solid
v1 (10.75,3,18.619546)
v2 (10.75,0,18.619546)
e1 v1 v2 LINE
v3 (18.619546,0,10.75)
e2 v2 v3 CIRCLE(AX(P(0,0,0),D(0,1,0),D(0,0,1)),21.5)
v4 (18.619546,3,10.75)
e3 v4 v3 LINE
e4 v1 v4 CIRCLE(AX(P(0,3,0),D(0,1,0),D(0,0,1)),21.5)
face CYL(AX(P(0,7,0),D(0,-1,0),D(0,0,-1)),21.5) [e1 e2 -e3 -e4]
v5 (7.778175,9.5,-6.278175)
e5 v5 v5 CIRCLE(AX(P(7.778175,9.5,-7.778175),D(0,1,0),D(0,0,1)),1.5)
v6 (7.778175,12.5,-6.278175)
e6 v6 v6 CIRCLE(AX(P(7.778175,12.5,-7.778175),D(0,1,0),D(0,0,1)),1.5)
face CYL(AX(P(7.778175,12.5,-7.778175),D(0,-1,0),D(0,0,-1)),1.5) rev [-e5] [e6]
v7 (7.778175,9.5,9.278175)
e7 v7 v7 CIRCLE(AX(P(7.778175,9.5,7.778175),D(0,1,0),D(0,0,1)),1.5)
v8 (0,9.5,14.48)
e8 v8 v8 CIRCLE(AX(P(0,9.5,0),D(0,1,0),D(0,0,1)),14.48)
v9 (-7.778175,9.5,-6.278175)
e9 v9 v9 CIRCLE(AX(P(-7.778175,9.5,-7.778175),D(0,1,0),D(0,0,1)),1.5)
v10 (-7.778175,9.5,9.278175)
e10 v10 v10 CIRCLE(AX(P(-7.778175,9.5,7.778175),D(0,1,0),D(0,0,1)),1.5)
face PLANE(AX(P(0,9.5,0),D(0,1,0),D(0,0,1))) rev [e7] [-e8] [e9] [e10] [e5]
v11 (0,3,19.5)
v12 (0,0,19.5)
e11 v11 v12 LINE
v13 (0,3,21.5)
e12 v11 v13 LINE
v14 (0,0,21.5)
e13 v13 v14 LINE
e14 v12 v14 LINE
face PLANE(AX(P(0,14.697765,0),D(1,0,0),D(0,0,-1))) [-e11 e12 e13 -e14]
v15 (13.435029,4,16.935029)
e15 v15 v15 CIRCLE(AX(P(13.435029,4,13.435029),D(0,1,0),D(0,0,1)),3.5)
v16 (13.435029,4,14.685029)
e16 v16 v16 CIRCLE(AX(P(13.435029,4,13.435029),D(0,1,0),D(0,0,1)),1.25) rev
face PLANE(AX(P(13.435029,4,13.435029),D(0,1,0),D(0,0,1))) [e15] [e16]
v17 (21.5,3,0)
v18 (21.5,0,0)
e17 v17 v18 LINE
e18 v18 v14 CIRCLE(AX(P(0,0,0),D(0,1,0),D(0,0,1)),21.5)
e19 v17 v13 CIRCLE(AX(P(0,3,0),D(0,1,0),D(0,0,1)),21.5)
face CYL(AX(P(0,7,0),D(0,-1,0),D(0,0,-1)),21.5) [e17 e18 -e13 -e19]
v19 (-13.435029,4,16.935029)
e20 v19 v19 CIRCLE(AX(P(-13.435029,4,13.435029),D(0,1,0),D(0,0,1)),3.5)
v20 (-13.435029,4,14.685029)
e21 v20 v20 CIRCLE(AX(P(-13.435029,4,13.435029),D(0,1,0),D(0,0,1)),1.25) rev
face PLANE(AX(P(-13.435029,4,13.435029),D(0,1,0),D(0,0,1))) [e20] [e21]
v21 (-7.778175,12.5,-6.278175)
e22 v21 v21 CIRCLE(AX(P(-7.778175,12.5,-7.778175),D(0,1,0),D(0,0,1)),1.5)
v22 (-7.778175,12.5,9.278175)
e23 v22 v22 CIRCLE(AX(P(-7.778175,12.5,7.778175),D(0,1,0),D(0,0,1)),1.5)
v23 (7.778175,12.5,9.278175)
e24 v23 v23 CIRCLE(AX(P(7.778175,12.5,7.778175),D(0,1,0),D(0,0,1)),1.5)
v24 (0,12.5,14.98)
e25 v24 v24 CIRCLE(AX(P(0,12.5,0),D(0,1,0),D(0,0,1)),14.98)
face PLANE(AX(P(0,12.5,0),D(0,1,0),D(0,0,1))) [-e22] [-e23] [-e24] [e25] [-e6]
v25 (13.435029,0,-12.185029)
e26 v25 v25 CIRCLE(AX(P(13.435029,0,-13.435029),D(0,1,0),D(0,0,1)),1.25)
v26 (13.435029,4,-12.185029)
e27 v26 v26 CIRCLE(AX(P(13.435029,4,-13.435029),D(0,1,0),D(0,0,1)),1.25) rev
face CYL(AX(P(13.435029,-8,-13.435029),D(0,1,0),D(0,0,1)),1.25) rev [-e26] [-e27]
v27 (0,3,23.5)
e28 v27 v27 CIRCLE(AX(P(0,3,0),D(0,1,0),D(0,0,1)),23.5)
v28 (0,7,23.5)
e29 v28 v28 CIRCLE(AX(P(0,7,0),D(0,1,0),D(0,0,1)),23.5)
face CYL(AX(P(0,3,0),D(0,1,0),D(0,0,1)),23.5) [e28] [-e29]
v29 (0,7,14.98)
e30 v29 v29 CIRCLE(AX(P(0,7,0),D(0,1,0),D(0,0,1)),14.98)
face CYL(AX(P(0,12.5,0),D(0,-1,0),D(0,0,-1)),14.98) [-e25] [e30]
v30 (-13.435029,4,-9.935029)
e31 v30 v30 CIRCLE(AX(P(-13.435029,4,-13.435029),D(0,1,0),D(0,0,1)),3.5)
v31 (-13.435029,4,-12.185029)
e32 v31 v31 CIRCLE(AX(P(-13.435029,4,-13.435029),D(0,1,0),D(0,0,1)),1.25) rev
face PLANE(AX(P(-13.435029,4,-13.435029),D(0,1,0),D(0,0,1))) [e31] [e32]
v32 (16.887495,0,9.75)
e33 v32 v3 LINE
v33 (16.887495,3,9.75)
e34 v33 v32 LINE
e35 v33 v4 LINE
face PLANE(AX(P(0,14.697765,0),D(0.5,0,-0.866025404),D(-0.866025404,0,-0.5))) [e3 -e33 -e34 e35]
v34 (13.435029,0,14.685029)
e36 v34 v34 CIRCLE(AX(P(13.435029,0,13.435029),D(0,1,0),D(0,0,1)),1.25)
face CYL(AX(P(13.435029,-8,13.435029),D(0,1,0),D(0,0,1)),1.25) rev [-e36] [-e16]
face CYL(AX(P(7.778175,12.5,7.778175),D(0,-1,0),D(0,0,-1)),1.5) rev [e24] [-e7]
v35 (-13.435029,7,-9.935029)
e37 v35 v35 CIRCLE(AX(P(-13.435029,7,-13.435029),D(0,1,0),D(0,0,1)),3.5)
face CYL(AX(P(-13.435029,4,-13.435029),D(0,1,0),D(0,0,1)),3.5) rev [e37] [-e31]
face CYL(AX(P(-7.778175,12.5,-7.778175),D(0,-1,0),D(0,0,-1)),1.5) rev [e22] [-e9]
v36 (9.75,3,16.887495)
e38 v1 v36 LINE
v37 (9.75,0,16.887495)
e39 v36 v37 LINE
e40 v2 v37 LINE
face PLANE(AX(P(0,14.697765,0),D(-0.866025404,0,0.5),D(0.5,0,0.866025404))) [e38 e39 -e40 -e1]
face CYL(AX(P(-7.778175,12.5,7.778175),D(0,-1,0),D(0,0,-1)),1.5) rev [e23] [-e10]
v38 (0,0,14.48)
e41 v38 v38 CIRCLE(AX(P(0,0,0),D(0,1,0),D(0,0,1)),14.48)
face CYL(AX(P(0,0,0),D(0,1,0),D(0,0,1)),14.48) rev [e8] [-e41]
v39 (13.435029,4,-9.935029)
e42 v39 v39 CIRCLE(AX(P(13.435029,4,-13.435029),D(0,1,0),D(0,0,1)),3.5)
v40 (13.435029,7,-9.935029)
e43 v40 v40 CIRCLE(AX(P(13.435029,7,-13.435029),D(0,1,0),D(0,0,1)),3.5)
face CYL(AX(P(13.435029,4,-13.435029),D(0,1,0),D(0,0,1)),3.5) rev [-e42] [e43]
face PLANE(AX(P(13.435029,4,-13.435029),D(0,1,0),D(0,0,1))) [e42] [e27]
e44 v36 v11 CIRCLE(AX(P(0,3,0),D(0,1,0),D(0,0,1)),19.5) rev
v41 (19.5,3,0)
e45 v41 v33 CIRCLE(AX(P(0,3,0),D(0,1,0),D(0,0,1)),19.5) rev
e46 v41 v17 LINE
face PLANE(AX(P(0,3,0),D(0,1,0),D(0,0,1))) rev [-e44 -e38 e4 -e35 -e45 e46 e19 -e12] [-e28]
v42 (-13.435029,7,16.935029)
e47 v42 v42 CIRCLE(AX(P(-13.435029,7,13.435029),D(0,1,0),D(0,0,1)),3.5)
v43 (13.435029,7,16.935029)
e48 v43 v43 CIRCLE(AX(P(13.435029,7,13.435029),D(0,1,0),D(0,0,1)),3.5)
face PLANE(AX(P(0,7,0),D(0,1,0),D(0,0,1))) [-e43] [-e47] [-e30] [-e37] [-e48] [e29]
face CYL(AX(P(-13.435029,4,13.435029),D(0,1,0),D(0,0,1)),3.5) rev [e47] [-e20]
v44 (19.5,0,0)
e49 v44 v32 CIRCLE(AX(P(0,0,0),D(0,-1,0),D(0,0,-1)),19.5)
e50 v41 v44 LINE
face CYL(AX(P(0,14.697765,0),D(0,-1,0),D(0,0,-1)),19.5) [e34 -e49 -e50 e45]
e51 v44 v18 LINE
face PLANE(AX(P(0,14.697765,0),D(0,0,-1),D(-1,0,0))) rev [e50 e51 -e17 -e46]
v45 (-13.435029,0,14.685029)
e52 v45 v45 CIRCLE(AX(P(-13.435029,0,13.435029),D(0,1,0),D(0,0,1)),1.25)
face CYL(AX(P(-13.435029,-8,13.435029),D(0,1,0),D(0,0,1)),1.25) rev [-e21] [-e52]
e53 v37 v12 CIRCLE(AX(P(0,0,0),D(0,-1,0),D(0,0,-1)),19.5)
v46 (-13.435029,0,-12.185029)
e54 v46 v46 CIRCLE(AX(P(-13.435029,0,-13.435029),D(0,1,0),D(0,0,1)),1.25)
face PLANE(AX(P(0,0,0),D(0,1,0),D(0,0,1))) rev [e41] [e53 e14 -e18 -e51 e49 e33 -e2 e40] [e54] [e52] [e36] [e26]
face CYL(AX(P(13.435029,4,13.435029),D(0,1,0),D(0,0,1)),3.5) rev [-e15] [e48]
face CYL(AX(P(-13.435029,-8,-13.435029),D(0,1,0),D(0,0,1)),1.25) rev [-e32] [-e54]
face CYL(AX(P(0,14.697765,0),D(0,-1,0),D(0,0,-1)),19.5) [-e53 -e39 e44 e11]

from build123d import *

# Parameters (mm, degrees)
SKETCH_2_R           = 21.5
EXTRUDE_1_DEPTH      = 7
SKETCH_3_R           = 23.5
EXTRUDE_2_DEPTH      = 4
SKETCH_6_R           = 1.25
SKETCH_6_R_2         = 8
CUT_EXTRUDE_1_DEPTH  = 15
SKETCH_9_R           = 14.98
SKETCH_9_R_2         = 14.02
EXTRUDE_3_DEPTH      = 5.5
SKETCH_7_R           = 3.5
CUT_EXTRUDE_3_DEPTH  = 3
SKETCH_10_R          = 1.25
CUT_EXTRUDE_4_DEPTH  = 22
CUT_EXTRUDE_5_DEPTH  = 3
SKETCH_12_R          = 14.02
SKETCH_12_R_2        = 1.5
EXTRUDE_4_DEPTH      = 5.5
CUT_EXTRUDE_START    = -3
SKETCH_13_R          = 14.48
CUT_EXTRUDE_10_DEPTH = 33.507041555


with BuildPart() as part:
    # 草图2 → 凸台-拉伸1 (new body)
    with BuildSketch(Plane(origin=(0, 0, 0), x_dir=(1, 0, 0), z_dir=(0, 1, 0))):
        with Locations(Location((0, 0, 0), (0, 0, 270))):
            Circle(SKETCH_2_R)
    extrude(amount=EXTRUDE_1_DEPTH)

    # 草图3 → 凸台-拉伸2 (add)
    with BuildSketch(Plane(origin=(0, 7, 0), x_dir=(1, 0, 0), z_dir=(0, 1, 0))):
        with Locations(Location((0, 0, 0), (0, 0, 270))):
            Circle(SKETCH_3_R)
    extrude(amount=-EXTRUDE_2_DEPTH)

    # 草图6 → 切除-拉伸1 (cut)
    with BuildSketch(Plane(origin=(0, 7, 0), x_dir=(1, 0, 0), z_dir=(0, 1, 0))):
        with Locations(Location((13.435028843, 13.435028843, 0), (0, 0, 270))):
            Circle(SKETCH_6_R)
        with Locations(Location((13.435028843, -13.435028843, 0), (0, 0, 270))):
            Circle(SKETCH_6_R)
        with Locations(Location((-13.435028843, -13.435028843, 0), (0, 0, 270))):
            Circle(SKETCH_6_R)
        with Locations(Location((-13.435028843, 13.435028843, 0), (0, 0, 270))):
            Circle(SKETCH_6_R)
        with Locations(Location((0, 0, 0), (0, 0, 270))):
            Circle(SKETCH_6_R_2)
    extrude(amount=-CUT_EXTRUDE_1_DEPTH, mode=Mode.SUBTRACT)

    # 草图9 → 凸台-拉伸3 (add)
    with BuildSketch(Plane(origin=(0, 7, 0), x_dir=(1, 0, 0), z_dir=(0, 1, 0))):
        with Locations(Location((0, 0, 0), (0, 0, 270))):
            Circle(SKETCH_9_R)
        with Locations(Location((0, 0, 0), (0, 0, 270))):
            Circle(SKETCH_9_R_2, mode=Mode.SUBTRACT)
    extrude(amount=EXTRUDE_3_DEPTH)

    # 草图7 → 切除-拉伸3 (cut)
    with BuildSketch(Plane(origin=(0, 7, 0), x_dir=(1, 0, 0), z_dir=(0, 1, 0))):
        with Locations(Location((-13.435028843, 13.435028843, 0), (0, 0, 270))):
            Circle(SKETCH_7_R)
        with Locations(Location((13.435028843, 13.435028843, 0), (0, 0, 270))):
            Circle(SKETCH_7_R)
        with Locations(Location((13.435028843, -13.435028843, 0), (0, 0, 270))):
            Circle(SKETCH_7_R)
        with Locations(Location((-13.435028843, -13.435028843, 0), (0, 0, 270))):
            Circle(SKETCH_7_R)
    extrude(amount=-CUT_EXTRUDE_3_DEPTH, mode=Mode.SUBTRACT)

    # 草图10 → 切除-拉伸4 (cut)
    with BuildSketch(Plane(origin=(0, 7, 0), x_dir=(1, 0, 0), z_dir=(0, 1, 0))):
        with Locations(Location((7.778174593, 7.778174593, 0), (0, 0, 270))):
            Circle(SKETCH_10_R)
        with Locations(Location((7.778174593, -7.778174593, 0), (0, 0, 270))):
            Circle(SKETCH_10_R)
        with Locations(Location((-7.778174593, -7.778174593, 0), (0, 0, 270))):
            Circle(SKETCH_10_R)
        with Locations(Location((-7.778174593, 7.778174593, 0), (0, 0, 270))):
            Circle(SKETCH_10_R)
    extrude(amount=-CUT_EXTRUDE_4_DEPTH, mode=Mode.SUBTRACT)

    # 草图11 → 切除-拉伸5 (cut)
    with BuildSketch(Plane.XZ):
        with BuildLine():
            Line((18.619546181, 10.75), (16.887495374, 9.75))
            ThreePointArc((16.887495374, 9.75), (18.835553613, 5.046971379), (19.5, 0))
            Line((19.5, 0), (21.5, 0))
            ThreePointArc((21.5, 0), (20.767405265, 5.56460947), (18.619546181, 10.75))
        make_face()
        with BuildLine():
            Line((0, 21.5), (0, 19.5))
            ThreePointArc((0, 19.5), (5.046971379, 18.835553613), (9.75, 16.887495374))
            Line((9.75, 16.887495374), (10.75, 18.619546181))
            ThreePointArc((10.75, 18.619546181), (5.56460947, 20.767405265), (0, 21.5))
        make_face()
    extrude(amount=-CUT_EXTRUDE_5_DEPTH, mode=Mode.SUBTRACT)

    # 草图12 → 凸台-拉伸4 (add)
    with BuildSketch(Plane(origin=(0, 7, 0), x_dir=(1, 0, 0), z_dir=(0, 1, 0))):
        Circle(SKETCH_12_R)
        with Locations(Location((7.778174593, 7.778174593, 0), (0, 0, 270))):
            Circle(SKETCH_12_R_2, mode=Mode.SUBTRACT)
        with Locations(Location((7.778174593, -7.778174593, 0), (0, 0, 270))):
            Circle(SKETCH_12_R_2, mode=Mode.SUBTRACT)
        with Locations(Location((-7.778174593, -7.778174593, 0), (0, 0, 270))):
            Circle(SKETCH_12_R_2, mode=Mode.SUBTRACT)
        with Locations(Location((-7.778174593, 7.778174593, 0), (0, 0, 270))):
            Circle(SKETCH_12_R_2, mode=Mode.SUBTRACT)
    extrude(amount=EXTRUDE_4_DEPTH)

    # 草图13 → 切除-拉伸10 (cut, through all)
    with BuildSketch(Plane(origin=(0, 12.5, 0), x_dir=(1, 0, 0), z_dir=(0, 1, 0)).offset(CUT_EXTRUDE_START)):
        with Locations(Location((0, 0, 0), (0, 0, 270))):
            Circle(SKETCH_13_R)
    extrude(amount=-CUT_EXTRUDE_10_DEPTH, mode=Mode.SUBTRACT)


solid = part.part
